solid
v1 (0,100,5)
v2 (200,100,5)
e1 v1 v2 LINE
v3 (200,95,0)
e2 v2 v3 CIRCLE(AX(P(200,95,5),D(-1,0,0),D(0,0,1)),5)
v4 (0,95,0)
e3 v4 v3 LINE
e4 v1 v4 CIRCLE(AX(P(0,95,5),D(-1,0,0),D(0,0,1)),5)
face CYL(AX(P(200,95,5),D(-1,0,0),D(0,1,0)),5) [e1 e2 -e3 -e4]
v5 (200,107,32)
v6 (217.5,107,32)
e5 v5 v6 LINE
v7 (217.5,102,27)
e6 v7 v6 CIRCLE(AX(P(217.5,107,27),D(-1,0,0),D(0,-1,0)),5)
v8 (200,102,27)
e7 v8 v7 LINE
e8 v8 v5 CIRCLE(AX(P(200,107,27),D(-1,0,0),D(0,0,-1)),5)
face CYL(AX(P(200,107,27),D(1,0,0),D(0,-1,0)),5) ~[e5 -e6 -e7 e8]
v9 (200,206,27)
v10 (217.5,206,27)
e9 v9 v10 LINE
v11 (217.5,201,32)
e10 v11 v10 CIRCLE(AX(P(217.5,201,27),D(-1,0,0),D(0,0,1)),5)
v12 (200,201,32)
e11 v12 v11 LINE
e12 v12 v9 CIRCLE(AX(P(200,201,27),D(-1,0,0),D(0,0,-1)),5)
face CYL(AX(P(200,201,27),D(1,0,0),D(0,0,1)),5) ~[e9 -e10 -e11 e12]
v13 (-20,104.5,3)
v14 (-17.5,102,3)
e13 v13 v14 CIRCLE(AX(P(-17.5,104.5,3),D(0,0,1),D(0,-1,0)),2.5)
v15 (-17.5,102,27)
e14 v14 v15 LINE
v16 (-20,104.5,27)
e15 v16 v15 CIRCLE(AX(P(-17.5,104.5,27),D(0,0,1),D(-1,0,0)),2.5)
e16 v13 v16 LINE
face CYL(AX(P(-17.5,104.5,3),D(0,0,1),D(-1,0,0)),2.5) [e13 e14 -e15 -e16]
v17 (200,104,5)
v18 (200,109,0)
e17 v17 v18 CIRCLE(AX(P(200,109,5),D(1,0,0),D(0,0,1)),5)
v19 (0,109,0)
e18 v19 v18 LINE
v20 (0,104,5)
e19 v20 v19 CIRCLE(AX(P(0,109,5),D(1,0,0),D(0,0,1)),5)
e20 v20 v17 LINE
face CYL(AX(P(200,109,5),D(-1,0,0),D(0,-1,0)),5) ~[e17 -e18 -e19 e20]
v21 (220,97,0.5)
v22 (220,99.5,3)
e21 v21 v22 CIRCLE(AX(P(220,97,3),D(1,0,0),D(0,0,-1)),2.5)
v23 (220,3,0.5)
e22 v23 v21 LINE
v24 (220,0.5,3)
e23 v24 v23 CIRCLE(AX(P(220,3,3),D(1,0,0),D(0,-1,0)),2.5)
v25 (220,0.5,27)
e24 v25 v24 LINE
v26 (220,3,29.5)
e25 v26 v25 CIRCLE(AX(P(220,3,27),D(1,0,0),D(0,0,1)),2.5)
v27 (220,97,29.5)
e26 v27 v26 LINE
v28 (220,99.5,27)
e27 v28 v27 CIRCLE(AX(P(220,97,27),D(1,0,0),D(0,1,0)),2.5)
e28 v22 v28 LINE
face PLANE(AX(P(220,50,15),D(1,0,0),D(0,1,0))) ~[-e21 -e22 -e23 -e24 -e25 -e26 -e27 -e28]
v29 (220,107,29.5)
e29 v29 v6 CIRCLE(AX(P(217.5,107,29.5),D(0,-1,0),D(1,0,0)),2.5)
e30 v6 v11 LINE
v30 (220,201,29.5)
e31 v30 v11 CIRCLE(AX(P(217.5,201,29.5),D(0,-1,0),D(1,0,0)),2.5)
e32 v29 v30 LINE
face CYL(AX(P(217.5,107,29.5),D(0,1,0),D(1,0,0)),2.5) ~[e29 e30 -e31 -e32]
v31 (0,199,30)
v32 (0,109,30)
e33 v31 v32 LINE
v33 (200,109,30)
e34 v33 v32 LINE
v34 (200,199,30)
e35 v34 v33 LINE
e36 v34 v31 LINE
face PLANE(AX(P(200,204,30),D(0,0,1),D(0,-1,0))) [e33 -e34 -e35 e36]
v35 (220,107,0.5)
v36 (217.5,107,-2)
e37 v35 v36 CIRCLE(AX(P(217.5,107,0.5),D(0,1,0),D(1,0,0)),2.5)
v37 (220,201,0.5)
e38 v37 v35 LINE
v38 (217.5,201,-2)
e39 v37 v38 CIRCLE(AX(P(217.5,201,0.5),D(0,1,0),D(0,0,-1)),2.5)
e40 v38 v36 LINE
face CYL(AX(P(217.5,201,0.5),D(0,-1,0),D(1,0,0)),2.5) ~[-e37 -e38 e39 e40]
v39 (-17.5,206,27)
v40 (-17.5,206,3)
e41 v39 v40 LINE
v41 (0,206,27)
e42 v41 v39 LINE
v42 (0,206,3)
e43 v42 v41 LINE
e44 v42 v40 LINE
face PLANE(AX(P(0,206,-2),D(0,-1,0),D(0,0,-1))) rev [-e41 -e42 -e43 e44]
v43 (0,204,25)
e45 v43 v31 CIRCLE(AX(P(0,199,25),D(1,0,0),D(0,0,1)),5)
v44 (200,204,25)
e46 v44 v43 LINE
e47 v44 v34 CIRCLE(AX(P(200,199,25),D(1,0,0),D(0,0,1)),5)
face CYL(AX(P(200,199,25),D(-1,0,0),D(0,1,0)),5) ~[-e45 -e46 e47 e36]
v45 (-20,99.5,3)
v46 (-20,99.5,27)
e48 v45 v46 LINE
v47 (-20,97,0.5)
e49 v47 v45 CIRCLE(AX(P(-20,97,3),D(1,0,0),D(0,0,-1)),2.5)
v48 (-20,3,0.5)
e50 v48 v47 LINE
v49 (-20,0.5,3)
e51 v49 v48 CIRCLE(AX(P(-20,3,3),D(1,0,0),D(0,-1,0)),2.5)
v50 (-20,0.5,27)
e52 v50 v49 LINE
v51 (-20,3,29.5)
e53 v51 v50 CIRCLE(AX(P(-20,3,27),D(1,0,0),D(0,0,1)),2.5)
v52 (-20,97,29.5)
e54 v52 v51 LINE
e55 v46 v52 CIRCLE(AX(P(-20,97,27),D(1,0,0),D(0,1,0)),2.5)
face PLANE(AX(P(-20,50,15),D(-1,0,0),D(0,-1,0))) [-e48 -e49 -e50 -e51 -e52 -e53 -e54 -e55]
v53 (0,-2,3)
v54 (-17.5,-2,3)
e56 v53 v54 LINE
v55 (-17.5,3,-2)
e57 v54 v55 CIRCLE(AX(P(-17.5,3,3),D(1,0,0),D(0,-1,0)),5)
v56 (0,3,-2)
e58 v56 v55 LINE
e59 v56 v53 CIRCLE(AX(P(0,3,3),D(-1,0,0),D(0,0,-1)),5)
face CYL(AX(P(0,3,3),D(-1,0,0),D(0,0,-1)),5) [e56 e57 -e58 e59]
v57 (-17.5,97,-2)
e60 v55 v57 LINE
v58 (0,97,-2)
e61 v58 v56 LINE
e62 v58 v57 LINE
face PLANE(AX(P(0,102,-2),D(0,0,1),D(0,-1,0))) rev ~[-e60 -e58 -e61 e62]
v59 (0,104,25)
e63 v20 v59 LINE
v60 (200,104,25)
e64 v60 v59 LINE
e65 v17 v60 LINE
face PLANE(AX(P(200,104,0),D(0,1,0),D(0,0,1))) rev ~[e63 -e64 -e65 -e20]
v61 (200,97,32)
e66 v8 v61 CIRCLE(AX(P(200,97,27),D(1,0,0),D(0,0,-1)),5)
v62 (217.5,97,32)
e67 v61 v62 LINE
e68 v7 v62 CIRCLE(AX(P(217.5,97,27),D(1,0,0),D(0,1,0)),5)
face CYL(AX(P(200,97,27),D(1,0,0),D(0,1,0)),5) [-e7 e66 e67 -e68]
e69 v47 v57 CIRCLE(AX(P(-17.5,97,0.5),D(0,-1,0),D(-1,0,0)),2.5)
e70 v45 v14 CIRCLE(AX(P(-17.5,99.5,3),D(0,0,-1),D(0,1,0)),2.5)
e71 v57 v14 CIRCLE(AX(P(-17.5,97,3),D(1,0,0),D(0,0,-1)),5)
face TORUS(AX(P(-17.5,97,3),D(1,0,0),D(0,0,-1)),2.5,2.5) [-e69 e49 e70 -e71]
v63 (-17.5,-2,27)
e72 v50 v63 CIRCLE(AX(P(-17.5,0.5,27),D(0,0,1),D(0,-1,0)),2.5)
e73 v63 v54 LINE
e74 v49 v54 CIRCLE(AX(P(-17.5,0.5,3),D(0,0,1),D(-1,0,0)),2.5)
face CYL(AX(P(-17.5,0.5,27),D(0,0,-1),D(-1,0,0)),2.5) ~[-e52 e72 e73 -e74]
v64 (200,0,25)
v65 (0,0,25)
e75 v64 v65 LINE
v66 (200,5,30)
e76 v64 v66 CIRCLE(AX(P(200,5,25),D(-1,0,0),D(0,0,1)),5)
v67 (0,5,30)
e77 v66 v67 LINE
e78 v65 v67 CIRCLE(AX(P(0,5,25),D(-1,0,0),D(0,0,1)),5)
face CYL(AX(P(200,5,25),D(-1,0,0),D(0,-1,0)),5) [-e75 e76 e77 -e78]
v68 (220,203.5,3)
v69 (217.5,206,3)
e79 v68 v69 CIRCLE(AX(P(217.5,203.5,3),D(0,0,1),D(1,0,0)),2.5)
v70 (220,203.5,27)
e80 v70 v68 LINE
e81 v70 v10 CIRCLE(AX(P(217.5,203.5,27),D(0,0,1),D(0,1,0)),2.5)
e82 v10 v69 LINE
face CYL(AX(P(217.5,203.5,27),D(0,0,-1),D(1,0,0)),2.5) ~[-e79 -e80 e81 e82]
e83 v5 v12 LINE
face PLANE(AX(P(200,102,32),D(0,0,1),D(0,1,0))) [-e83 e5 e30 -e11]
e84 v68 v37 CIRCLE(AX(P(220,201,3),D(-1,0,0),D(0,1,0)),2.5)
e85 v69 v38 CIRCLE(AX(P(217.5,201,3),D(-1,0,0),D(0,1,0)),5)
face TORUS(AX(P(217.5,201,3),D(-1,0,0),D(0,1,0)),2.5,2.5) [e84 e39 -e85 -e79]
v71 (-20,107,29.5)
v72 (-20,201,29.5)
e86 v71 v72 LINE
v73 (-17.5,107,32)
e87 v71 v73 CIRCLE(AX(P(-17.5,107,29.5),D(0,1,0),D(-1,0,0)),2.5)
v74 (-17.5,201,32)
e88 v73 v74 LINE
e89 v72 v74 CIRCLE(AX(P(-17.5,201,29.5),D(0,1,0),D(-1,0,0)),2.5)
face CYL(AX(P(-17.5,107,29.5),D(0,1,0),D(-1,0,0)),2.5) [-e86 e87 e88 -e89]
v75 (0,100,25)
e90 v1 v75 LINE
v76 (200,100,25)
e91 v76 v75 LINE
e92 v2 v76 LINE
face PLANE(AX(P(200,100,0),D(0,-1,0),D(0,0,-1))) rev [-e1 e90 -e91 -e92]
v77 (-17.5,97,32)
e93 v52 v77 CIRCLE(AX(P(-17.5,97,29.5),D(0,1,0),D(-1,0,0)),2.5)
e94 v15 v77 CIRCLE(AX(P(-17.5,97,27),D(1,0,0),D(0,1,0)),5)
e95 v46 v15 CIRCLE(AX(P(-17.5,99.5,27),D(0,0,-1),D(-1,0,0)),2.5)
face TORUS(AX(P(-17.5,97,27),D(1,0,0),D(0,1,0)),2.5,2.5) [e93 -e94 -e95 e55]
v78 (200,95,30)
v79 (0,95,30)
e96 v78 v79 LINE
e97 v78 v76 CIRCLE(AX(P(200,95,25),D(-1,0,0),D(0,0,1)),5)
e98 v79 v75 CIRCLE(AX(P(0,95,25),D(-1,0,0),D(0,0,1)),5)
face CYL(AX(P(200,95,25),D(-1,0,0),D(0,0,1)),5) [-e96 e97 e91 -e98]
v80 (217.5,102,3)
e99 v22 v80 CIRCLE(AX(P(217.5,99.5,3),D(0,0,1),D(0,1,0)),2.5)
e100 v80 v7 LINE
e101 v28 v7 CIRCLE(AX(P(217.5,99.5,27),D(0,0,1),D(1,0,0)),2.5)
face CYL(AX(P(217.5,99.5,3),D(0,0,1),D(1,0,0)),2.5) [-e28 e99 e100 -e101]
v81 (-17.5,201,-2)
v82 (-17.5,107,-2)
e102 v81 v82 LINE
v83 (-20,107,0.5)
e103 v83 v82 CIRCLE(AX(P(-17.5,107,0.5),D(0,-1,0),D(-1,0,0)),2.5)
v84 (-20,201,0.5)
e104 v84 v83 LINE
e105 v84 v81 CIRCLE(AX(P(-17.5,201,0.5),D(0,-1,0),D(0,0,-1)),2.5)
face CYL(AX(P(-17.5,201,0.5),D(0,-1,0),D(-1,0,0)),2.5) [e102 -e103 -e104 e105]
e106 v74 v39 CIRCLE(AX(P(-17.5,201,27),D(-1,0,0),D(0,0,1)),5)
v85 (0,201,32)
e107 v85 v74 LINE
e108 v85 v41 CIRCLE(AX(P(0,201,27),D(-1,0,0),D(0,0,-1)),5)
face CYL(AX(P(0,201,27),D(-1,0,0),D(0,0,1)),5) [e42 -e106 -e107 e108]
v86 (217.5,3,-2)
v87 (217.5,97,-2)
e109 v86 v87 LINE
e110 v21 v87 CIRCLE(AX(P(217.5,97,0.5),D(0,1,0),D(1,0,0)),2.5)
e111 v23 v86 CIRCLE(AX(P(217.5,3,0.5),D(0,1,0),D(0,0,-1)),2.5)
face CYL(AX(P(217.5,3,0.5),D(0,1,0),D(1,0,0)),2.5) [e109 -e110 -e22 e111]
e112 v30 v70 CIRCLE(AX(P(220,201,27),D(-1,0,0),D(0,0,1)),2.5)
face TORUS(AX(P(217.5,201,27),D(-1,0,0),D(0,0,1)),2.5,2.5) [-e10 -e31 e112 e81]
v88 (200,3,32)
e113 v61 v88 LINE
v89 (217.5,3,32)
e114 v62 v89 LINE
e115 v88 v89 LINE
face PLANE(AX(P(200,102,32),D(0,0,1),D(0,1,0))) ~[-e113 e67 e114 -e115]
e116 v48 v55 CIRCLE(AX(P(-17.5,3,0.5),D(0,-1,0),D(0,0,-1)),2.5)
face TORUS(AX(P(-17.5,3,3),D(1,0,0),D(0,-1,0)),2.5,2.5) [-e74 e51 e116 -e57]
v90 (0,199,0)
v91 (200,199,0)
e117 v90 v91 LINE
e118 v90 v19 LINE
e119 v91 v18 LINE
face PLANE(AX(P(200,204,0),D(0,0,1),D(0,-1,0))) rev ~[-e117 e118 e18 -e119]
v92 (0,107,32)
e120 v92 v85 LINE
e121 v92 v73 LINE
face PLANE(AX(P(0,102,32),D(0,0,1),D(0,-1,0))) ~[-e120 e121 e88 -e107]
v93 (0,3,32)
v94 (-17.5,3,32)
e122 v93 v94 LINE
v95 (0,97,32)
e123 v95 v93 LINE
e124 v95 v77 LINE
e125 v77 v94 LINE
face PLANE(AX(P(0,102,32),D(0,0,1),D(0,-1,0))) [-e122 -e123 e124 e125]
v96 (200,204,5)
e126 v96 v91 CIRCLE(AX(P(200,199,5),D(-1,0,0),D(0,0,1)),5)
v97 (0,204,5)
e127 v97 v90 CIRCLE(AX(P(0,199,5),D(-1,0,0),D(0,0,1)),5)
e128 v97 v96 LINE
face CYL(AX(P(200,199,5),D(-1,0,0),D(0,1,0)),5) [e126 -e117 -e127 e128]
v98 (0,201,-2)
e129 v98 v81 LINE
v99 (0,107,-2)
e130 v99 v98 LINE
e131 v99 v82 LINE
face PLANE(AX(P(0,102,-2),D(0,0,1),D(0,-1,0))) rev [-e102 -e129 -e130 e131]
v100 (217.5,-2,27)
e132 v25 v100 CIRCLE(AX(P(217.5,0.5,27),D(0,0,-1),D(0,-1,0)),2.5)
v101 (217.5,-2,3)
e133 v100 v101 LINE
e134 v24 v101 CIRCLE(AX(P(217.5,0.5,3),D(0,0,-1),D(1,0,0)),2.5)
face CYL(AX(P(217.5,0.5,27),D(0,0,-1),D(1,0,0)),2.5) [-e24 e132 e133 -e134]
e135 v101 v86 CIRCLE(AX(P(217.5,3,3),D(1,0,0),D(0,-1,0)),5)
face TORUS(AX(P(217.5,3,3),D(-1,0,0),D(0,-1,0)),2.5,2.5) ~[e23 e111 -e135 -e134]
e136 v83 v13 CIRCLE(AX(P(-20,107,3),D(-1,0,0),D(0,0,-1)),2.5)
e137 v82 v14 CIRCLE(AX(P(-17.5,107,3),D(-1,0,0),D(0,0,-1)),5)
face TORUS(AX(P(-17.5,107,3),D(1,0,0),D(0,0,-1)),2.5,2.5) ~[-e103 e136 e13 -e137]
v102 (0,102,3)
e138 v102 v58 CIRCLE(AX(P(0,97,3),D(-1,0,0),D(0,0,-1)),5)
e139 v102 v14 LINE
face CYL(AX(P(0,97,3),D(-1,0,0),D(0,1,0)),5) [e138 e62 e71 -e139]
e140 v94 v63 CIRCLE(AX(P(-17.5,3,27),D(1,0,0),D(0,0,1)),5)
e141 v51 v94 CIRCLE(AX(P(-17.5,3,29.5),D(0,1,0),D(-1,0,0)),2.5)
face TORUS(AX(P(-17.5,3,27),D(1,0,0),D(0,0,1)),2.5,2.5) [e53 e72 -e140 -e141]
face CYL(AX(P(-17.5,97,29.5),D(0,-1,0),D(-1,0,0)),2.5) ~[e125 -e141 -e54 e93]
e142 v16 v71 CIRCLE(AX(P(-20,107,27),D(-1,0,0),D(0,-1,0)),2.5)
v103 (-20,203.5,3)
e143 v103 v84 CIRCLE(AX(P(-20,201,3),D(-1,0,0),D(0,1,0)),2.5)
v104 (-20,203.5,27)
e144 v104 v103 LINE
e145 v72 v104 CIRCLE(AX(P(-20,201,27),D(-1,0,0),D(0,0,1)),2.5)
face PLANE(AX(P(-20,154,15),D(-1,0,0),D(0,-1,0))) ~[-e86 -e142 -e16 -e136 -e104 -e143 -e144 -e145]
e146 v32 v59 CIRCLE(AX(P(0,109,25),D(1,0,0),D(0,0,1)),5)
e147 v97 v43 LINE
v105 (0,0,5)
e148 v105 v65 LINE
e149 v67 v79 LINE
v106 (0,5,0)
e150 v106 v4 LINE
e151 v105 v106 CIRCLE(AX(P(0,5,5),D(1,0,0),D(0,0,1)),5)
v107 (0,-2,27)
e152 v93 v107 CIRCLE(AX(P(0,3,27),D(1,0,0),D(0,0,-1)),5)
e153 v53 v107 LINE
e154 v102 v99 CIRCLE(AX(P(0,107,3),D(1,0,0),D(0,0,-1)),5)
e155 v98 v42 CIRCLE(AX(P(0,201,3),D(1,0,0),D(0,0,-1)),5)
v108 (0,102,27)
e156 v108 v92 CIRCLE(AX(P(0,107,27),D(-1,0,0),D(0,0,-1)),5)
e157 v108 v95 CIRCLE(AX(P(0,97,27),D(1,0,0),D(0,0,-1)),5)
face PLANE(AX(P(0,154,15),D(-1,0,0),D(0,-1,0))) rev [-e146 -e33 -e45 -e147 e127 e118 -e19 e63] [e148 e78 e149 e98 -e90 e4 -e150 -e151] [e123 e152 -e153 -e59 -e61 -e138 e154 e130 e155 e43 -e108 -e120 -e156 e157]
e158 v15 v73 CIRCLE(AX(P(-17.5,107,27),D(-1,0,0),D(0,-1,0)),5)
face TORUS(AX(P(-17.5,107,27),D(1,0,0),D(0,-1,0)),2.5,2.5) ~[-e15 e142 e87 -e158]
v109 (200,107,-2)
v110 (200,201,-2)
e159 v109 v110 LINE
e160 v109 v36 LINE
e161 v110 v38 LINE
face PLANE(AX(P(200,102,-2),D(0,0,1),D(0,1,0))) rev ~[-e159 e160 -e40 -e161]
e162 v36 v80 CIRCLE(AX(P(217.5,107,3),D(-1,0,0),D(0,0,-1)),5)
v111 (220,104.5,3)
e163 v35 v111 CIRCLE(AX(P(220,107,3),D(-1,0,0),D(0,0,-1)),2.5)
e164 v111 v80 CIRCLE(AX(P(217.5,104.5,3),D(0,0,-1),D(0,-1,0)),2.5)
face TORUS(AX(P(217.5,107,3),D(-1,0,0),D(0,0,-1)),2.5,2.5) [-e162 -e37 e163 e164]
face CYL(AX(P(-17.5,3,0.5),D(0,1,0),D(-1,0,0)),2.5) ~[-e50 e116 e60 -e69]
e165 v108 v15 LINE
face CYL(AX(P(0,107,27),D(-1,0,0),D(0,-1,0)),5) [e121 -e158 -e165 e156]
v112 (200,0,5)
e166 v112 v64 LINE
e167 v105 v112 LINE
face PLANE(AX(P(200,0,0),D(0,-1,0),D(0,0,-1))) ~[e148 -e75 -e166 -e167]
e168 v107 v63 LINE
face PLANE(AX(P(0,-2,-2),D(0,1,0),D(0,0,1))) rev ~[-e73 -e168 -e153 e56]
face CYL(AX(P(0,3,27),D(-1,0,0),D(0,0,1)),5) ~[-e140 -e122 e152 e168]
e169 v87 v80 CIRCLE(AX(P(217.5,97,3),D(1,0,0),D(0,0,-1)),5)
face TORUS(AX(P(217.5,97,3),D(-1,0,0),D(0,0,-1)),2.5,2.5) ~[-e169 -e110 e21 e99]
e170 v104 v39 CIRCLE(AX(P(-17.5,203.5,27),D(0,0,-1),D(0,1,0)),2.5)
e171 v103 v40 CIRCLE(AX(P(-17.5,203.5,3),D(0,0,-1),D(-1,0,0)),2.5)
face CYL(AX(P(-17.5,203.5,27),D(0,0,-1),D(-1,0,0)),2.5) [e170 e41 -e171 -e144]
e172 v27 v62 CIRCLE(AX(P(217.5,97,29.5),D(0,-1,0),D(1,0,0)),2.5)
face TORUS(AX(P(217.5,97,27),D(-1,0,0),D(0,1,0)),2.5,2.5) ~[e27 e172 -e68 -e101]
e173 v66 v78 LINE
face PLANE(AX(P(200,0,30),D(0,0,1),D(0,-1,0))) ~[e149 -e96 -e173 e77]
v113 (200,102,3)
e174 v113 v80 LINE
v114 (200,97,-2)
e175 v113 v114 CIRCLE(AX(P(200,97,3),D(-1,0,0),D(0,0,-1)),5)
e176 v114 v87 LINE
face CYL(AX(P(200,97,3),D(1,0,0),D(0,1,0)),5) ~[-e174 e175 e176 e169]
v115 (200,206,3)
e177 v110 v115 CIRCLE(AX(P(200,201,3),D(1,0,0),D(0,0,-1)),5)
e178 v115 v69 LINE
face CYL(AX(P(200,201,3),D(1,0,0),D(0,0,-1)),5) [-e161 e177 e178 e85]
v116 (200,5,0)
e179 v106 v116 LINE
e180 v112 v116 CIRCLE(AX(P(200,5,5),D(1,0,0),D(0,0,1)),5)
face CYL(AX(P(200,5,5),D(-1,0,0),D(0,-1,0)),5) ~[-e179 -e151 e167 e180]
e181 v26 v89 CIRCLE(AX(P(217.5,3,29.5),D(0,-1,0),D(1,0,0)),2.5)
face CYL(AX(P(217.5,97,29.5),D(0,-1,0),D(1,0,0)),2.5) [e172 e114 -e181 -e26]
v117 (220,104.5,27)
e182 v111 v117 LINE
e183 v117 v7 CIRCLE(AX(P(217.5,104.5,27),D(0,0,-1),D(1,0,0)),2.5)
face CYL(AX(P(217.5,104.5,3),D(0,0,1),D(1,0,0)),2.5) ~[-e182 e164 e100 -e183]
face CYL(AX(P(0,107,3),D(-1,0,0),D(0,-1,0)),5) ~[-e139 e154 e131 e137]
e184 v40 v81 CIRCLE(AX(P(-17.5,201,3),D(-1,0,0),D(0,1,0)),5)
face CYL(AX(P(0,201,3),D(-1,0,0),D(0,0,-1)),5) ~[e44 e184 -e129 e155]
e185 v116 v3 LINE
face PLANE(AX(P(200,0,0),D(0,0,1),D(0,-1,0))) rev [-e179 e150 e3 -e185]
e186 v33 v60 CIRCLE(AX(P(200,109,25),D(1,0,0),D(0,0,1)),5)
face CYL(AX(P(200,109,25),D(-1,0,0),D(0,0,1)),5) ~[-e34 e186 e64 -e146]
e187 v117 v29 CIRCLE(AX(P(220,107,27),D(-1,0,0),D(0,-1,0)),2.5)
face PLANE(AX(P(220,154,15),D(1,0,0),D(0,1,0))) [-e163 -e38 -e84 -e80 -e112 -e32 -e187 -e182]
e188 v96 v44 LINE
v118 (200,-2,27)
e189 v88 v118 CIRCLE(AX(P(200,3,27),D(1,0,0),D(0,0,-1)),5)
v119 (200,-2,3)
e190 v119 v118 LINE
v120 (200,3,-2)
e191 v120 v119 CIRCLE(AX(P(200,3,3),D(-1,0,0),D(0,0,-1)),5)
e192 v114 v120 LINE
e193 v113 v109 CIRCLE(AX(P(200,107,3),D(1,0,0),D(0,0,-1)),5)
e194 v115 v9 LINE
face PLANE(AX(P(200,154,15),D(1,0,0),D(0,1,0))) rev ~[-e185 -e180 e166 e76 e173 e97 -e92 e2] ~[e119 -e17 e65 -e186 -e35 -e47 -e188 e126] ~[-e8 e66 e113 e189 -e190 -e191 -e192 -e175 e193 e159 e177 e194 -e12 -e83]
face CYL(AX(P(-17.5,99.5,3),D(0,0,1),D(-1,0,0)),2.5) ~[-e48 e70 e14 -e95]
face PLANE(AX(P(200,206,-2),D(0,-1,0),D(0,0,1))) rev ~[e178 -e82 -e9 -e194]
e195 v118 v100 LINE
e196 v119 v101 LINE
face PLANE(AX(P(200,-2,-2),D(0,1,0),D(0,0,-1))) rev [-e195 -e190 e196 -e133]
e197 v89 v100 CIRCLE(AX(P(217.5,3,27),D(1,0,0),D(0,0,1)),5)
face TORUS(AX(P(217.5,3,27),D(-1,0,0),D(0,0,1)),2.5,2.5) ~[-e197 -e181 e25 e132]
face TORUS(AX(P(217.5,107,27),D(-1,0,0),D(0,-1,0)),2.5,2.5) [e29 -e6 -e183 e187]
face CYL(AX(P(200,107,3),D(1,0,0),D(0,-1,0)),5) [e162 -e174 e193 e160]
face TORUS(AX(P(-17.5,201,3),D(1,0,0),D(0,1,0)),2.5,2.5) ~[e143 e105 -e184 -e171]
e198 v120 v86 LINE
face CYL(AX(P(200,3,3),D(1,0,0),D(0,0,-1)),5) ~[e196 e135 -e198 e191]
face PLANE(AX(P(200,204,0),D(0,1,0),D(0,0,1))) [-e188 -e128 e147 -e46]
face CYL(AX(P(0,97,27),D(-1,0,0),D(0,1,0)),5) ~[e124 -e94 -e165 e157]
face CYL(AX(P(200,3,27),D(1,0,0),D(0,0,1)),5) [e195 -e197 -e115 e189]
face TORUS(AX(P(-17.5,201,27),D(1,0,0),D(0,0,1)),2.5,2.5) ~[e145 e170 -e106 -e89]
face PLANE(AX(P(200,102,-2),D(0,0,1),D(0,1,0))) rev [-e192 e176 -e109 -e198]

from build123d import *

# Parameters (mm, degrees)
F0_W     = 100
F0_H     = 30
F1_DEPTH = 100
F2_W     = 104
F2_H     = 34
F2_W_2   = 100
F2_H_2   = 30
F3_DEPTH = 20
F4_R     = 5
F6_R     = 2.5


with BuildPart() as f1:
    # F0 (on Right) → F1 (new body)
    with BuildSketch(Plane.YZ):
        with Locations((50, 15)):
            Rectangle(F0_W, F0_H)
    extrude(amount=F1_DEPTH)

    # F2 (on face) → F3 (join)
    with BuildSketch(Plane(origin=(0, 0, 0), x_dir=(0, -1, 0), z_dir=(-1, 0, 0))):
        with Locations((-50, 15)):
            Rectangle(F2_W, F2_H)
        with Locations((-50, 15)):
            Rectangle(F2_W_2, F2_H_2, mode=Mode.SUBTRACT)
        with Locations((-50, 15)):
            Rectangle(F2_W_2, F2_H_2)
    extrude(amount=F3_DEPTH)

    # F4
    f4_edges = [f1.edges().sort_by_distance(p)[0] for p in [
        (50, 0, 30),
        (50, 0, 0),
        (50, 100, 30),
        (50, 100, 0),
        (-10, 102, 32),
        (-10, 102, -2),
        (-10, -2, 32),
        (-10, -2, -2),
    ]]
    fillet(f4_edges, radius=F4_R)

    # F5: F1 across face


with BuildPart() as f1_1:
    add(f1.part)
    add(f1.part.mirror(Plane(origin=(100, 50, 15), x_dir=(0, 1, 0), z_dir=(1, 0, 0))))

    # F6
    f6_edges = [f1_1.edges().sort_by_distance(p)[0] for p in [
        (-20, 50, 32),
        (-20, -0.535534, 30.535534),
        (-20, 100.535534, 30.535534),
        (-20, -2, 15),
        (-20, 102, 15),
        (-20, -0.535534, -0.535534),
        (-20, 100.535534, -0.535534),
        (-20, 50, -2),
        (220, 50, 32),
        (220, -0.535534, 30.535534),
        (220, 100.535534, 30.535534),
        (220, -2, 15),
        (220, 102, 15),
        (220, -0.535534, -0.535534),
        (220, 100.535534, -0.535534),
        (220, 50, -2),
    ]]
    fillet(f6_edges, radius=F6_R)

    # F7: F1 across face


with BuildPart() as f1_2:
    add(f1_1.part)
    add(f1_1.part.mirror(Plane(origin=(-8.75, 102, 15), x_dir=(-1, 0, 0), z_dir=(0, 1, 0))))


solid = f1_2.part
